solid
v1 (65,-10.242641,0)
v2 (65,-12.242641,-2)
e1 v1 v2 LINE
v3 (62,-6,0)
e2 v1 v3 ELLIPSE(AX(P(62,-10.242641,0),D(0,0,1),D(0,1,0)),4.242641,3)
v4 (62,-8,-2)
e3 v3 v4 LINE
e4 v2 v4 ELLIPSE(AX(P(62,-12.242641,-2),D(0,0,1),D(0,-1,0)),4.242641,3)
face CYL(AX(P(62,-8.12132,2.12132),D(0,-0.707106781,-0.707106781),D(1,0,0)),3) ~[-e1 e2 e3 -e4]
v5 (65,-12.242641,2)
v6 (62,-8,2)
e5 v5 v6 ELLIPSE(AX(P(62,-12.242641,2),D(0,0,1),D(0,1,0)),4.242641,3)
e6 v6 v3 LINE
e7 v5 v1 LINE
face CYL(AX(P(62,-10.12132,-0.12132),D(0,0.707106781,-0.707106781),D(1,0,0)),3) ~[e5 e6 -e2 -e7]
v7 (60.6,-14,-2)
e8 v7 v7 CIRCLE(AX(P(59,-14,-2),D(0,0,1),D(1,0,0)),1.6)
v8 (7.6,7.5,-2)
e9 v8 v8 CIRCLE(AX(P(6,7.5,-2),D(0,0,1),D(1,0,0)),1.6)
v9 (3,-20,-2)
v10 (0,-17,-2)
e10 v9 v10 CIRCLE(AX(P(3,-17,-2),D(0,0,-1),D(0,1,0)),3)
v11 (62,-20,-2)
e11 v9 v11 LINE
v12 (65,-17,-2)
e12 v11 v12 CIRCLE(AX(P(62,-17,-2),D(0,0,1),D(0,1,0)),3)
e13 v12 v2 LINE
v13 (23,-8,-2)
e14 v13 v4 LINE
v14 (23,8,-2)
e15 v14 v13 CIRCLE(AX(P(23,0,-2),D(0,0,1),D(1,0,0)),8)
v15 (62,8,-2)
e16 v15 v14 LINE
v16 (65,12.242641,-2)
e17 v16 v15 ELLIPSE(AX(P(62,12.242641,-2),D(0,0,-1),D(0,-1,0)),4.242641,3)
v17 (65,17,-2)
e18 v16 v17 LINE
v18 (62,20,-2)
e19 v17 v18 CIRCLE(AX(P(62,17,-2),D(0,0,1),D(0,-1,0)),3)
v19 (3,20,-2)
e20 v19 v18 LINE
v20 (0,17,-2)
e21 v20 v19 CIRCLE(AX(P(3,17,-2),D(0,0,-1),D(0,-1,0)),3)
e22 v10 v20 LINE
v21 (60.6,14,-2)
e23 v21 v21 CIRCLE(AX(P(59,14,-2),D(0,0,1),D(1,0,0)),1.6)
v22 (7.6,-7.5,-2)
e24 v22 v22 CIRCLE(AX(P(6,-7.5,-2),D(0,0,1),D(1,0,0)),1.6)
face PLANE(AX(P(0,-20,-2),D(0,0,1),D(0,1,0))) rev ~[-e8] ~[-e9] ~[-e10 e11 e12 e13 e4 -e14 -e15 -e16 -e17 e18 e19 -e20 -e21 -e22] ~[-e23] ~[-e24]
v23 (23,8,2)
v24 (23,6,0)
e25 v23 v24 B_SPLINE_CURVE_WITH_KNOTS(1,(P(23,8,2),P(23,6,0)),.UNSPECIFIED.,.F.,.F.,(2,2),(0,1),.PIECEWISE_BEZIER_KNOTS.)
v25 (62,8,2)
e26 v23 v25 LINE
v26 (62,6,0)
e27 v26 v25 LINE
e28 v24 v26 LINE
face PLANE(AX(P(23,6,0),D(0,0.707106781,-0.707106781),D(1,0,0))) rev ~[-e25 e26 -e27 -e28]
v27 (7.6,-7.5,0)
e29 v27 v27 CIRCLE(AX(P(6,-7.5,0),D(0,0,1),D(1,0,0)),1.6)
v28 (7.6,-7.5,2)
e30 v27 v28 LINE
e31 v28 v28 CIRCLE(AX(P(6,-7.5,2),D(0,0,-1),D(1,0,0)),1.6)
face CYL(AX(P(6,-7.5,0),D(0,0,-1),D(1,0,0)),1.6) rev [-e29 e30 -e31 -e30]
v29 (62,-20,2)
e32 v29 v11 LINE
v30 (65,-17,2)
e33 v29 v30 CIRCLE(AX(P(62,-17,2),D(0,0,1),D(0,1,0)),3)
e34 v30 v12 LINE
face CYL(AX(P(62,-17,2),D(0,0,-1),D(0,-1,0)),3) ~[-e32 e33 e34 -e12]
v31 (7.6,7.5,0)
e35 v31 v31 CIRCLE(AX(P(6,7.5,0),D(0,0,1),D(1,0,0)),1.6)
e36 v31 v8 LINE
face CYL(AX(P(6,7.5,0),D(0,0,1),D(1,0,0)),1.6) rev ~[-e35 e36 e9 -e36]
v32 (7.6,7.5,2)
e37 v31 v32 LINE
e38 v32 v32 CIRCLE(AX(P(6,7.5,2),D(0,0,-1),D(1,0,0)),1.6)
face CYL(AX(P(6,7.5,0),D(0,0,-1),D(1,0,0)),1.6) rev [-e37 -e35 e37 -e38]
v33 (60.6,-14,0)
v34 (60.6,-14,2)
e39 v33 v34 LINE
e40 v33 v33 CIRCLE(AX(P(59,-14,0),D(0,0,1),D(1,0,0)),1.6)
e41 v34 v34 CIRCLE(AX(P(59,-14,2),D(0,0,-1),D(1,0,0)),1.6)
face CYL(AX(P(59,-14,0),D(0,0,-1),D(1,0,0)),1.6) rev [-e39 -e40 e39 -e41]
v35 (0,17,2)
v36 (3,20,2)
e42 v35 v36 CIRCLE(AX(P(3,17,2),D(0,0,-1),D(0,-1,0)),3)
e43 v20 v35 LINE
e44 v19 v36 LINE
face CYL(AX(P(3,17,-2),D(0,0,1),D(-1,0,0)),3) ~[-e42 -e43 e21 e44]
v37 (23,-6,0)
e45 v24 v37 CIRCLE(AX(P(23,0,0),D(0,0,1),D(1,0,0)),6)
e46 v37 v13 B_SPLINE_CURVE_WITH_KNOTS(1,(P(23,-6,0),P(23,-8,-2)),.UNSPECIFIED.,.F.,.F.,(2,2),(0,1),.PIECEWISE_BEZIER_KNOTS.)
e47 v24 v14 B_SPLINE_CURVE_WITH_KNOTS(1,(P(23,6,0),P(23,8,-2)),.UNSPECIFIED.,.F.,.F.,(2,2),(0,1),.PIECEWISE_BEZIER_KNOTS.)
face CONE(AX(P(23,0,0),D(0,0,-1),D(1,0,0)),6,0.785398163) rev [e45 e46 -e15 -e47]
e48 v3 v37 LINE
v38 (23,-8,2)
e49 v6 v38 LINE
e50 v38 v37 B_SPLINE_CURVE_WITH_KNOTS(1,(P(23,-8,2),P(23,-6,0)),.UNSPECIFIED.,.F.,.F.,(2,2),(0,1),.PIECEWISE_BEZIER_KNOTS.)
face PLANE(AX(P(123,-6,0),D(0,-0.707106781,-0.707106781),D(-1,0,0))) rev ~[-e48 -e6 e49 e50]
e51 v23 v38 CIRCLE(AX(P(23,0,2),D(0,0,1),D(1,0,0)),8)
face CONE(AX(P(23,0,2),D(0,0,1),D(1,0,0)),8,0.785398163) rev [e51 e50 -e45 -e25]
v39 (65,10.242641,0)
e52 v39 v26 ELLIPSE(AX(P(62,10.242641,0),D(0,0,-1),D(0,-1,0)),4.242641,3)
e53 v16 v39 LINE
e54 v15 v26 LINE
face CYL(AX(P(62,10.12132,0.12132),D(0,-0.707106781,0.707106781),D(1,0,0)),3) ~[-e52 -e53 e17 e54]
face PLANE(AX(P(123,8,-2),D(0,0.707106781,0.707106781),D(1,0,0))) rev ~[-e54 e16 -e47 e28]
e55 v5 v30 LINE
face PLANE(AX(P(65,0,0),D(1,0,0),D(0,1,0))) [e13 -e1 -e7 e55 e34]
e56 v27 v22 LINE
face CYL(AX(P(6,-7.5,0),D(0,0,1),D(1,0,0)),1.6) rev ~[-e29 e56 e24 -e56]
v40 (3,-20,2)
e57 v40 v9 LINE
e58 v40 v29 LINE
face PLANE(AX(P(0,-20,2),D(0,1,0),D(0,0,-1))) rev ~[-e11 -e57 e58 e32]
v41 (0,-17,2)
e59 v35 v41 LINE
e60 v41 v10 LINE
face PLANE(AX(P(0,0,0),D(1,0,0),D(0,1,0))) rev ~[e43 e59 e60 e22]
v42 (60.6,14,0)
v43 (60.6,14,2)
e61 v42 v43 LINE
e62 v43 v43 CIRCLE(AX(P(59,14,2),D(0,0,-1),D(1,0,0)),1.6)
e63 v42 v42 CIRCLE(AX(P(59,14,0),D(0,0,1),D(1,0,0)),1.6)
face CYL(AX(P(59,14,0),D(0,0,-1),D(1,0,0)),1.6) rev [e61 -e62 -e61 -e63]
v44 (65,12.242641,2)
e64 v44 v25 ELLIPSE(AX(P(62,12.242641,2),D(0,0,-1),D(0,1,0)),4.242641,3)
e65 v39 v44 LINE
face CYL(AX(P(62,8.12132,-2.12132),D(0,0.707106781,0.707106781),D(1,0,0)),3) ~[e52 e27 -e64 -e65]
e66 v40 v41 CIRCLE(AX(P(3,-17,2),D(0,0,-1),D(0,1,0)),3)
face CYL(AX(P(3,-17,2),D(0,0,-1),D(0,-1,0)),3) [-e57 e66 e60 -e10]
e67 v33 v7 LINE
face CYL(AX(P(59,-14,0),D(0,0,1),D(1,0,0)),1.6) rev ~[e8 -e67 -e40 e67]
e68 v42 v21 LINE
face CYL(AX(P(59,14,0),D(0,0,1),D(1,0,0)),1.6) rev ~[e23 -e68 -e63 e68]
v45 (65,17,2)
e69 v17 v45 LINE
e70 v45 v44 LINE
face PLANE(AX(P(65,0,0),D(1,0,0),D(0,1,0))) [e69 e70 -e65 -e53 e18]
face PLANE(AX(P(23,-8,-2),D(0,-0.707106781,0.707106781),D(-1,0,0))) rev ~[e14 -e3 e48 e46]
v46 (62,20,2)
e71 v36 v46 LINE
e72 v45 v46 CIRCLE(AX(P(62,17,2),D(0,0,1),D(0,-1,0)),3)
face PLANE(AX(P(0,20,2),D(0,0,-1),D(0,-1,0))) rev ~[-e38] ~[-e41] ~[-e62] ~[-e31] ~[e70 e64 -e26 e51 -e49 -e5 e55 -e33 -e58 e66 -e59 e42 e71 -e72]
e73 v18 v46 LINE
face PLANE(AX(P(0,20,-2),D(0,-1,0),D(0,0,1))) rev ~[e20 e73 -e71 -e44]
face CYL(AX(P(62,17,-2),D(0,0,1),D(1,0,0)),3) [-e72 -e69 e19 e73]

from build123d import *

# Parameters (mm, degrees)
PAD_DEPTH         = 65
SKETCH009_R       = 1.6
POCKET_DEPTH      = 2.001
POCKET_DEPTH_BACK = 2.001
SKETCH004_R       = 8
SKETCH003_R       = 6
SKETCH005_R       = 8
FILLET_R          = 3
FILLET001_R       = 3


with BuildPart() as part:
    # Sketch → Pad (new body)
    with BuildSketch(Plane.YZ):
        Polygon((0, 2), (-20, 2), (-20, 0), (-20, -2), (0, -2), (20, -2), (20, 0), (20, 2), align=None)
    extrude(amount=PAD_DEPTH)

    # Sketch009 → Pocket (cut, two sides)
    with BuildSketch(Plane.XY) as pocket_sk:
        with Locations((6, 7.5)):
            Circle(SKETCH009_R)
        with Locations((6, -7.5)):
            Circle(SKETCH009_R)
        with Locations((59, -14)):
            Circle(SKETCH009_R)
        with Locations((59, 14)):
            Circle(SKETCH009_R)
    extrude(amount=-POCKET_DEPTH, mode=Mode.SUBTRACT)
    extrude(pocket_sk.sketch, amount=POCKET_DEPTH_BACK, mode=Mode.SUBTRACT)

    # Sketch004 (on DatumPlane) → SubtractiveLoft section 0
    with BuildSketch(Plane.XY.offset(2)):
        with Locations((23, 0)):
            Circle(SKETCH004_R)
    # Sketch003 → SubtractiveLoft section 1
    with BuildSketch(Plane.XY):
        with Locations((23, 0)):
            Circle(SKETCH003_R)
    # Sketch005 (on DatumPlane) → SubtractiveLoft section 2
    with BuildSketch(Plane.XY.offset(-2)):
        with Locations((23, 0)):
            Circle(SKETCH005_R)
    loft(ruled=True, mode=Mode.SUBTRACT)

    # Sketch007 (on DatumPlane) → SubtractiveLoft001 section 0
    with BuildSketch(Plane.XY.offset(2)):
        Polygon((23, 0), (23, 8), (123, 8), (123, -8), (23, -8), align=None)
    # Sketch006 → SubtractiveLoft001 section 1
    with BuildSketch(Plane.XY):
        Polygon((23, 0), (23, 6), (123, 6), (123, -6), (23, -6), align=None)
    # Sketch008 (on DatumPlane) → SubtractiveLoft001 section 2
    with BuildSketch(Plane.XY.offset(-2)):
        Polygon((23, 8), (23, 0), (23, -8), (123, -8), (123, 8), align=None)
    loft(ruled=True, mode=Mode.SUBTRACT)

    # Fillet
    fillet_edges = [part.edges().sort_by_distance(p)[0] for p in [
        (65, -20, 1),
        (0, -20, 1),
        (0, 20, 1),
        (65, 20, 1),
    ]]
    fillet(fillet_edges, radius=FILLET_R)

    # Fillet001
    fillet001_edges = [part.edges().sort_by_distance(p)[0] for p in [
        (65, -7, 1),
        (65, -7, -1),
        (65, 7, -1),
        (65, 7, 1),
    ]]
    fillet(fillet001_edges, radius=FILLET001_R)


solid = part.part
